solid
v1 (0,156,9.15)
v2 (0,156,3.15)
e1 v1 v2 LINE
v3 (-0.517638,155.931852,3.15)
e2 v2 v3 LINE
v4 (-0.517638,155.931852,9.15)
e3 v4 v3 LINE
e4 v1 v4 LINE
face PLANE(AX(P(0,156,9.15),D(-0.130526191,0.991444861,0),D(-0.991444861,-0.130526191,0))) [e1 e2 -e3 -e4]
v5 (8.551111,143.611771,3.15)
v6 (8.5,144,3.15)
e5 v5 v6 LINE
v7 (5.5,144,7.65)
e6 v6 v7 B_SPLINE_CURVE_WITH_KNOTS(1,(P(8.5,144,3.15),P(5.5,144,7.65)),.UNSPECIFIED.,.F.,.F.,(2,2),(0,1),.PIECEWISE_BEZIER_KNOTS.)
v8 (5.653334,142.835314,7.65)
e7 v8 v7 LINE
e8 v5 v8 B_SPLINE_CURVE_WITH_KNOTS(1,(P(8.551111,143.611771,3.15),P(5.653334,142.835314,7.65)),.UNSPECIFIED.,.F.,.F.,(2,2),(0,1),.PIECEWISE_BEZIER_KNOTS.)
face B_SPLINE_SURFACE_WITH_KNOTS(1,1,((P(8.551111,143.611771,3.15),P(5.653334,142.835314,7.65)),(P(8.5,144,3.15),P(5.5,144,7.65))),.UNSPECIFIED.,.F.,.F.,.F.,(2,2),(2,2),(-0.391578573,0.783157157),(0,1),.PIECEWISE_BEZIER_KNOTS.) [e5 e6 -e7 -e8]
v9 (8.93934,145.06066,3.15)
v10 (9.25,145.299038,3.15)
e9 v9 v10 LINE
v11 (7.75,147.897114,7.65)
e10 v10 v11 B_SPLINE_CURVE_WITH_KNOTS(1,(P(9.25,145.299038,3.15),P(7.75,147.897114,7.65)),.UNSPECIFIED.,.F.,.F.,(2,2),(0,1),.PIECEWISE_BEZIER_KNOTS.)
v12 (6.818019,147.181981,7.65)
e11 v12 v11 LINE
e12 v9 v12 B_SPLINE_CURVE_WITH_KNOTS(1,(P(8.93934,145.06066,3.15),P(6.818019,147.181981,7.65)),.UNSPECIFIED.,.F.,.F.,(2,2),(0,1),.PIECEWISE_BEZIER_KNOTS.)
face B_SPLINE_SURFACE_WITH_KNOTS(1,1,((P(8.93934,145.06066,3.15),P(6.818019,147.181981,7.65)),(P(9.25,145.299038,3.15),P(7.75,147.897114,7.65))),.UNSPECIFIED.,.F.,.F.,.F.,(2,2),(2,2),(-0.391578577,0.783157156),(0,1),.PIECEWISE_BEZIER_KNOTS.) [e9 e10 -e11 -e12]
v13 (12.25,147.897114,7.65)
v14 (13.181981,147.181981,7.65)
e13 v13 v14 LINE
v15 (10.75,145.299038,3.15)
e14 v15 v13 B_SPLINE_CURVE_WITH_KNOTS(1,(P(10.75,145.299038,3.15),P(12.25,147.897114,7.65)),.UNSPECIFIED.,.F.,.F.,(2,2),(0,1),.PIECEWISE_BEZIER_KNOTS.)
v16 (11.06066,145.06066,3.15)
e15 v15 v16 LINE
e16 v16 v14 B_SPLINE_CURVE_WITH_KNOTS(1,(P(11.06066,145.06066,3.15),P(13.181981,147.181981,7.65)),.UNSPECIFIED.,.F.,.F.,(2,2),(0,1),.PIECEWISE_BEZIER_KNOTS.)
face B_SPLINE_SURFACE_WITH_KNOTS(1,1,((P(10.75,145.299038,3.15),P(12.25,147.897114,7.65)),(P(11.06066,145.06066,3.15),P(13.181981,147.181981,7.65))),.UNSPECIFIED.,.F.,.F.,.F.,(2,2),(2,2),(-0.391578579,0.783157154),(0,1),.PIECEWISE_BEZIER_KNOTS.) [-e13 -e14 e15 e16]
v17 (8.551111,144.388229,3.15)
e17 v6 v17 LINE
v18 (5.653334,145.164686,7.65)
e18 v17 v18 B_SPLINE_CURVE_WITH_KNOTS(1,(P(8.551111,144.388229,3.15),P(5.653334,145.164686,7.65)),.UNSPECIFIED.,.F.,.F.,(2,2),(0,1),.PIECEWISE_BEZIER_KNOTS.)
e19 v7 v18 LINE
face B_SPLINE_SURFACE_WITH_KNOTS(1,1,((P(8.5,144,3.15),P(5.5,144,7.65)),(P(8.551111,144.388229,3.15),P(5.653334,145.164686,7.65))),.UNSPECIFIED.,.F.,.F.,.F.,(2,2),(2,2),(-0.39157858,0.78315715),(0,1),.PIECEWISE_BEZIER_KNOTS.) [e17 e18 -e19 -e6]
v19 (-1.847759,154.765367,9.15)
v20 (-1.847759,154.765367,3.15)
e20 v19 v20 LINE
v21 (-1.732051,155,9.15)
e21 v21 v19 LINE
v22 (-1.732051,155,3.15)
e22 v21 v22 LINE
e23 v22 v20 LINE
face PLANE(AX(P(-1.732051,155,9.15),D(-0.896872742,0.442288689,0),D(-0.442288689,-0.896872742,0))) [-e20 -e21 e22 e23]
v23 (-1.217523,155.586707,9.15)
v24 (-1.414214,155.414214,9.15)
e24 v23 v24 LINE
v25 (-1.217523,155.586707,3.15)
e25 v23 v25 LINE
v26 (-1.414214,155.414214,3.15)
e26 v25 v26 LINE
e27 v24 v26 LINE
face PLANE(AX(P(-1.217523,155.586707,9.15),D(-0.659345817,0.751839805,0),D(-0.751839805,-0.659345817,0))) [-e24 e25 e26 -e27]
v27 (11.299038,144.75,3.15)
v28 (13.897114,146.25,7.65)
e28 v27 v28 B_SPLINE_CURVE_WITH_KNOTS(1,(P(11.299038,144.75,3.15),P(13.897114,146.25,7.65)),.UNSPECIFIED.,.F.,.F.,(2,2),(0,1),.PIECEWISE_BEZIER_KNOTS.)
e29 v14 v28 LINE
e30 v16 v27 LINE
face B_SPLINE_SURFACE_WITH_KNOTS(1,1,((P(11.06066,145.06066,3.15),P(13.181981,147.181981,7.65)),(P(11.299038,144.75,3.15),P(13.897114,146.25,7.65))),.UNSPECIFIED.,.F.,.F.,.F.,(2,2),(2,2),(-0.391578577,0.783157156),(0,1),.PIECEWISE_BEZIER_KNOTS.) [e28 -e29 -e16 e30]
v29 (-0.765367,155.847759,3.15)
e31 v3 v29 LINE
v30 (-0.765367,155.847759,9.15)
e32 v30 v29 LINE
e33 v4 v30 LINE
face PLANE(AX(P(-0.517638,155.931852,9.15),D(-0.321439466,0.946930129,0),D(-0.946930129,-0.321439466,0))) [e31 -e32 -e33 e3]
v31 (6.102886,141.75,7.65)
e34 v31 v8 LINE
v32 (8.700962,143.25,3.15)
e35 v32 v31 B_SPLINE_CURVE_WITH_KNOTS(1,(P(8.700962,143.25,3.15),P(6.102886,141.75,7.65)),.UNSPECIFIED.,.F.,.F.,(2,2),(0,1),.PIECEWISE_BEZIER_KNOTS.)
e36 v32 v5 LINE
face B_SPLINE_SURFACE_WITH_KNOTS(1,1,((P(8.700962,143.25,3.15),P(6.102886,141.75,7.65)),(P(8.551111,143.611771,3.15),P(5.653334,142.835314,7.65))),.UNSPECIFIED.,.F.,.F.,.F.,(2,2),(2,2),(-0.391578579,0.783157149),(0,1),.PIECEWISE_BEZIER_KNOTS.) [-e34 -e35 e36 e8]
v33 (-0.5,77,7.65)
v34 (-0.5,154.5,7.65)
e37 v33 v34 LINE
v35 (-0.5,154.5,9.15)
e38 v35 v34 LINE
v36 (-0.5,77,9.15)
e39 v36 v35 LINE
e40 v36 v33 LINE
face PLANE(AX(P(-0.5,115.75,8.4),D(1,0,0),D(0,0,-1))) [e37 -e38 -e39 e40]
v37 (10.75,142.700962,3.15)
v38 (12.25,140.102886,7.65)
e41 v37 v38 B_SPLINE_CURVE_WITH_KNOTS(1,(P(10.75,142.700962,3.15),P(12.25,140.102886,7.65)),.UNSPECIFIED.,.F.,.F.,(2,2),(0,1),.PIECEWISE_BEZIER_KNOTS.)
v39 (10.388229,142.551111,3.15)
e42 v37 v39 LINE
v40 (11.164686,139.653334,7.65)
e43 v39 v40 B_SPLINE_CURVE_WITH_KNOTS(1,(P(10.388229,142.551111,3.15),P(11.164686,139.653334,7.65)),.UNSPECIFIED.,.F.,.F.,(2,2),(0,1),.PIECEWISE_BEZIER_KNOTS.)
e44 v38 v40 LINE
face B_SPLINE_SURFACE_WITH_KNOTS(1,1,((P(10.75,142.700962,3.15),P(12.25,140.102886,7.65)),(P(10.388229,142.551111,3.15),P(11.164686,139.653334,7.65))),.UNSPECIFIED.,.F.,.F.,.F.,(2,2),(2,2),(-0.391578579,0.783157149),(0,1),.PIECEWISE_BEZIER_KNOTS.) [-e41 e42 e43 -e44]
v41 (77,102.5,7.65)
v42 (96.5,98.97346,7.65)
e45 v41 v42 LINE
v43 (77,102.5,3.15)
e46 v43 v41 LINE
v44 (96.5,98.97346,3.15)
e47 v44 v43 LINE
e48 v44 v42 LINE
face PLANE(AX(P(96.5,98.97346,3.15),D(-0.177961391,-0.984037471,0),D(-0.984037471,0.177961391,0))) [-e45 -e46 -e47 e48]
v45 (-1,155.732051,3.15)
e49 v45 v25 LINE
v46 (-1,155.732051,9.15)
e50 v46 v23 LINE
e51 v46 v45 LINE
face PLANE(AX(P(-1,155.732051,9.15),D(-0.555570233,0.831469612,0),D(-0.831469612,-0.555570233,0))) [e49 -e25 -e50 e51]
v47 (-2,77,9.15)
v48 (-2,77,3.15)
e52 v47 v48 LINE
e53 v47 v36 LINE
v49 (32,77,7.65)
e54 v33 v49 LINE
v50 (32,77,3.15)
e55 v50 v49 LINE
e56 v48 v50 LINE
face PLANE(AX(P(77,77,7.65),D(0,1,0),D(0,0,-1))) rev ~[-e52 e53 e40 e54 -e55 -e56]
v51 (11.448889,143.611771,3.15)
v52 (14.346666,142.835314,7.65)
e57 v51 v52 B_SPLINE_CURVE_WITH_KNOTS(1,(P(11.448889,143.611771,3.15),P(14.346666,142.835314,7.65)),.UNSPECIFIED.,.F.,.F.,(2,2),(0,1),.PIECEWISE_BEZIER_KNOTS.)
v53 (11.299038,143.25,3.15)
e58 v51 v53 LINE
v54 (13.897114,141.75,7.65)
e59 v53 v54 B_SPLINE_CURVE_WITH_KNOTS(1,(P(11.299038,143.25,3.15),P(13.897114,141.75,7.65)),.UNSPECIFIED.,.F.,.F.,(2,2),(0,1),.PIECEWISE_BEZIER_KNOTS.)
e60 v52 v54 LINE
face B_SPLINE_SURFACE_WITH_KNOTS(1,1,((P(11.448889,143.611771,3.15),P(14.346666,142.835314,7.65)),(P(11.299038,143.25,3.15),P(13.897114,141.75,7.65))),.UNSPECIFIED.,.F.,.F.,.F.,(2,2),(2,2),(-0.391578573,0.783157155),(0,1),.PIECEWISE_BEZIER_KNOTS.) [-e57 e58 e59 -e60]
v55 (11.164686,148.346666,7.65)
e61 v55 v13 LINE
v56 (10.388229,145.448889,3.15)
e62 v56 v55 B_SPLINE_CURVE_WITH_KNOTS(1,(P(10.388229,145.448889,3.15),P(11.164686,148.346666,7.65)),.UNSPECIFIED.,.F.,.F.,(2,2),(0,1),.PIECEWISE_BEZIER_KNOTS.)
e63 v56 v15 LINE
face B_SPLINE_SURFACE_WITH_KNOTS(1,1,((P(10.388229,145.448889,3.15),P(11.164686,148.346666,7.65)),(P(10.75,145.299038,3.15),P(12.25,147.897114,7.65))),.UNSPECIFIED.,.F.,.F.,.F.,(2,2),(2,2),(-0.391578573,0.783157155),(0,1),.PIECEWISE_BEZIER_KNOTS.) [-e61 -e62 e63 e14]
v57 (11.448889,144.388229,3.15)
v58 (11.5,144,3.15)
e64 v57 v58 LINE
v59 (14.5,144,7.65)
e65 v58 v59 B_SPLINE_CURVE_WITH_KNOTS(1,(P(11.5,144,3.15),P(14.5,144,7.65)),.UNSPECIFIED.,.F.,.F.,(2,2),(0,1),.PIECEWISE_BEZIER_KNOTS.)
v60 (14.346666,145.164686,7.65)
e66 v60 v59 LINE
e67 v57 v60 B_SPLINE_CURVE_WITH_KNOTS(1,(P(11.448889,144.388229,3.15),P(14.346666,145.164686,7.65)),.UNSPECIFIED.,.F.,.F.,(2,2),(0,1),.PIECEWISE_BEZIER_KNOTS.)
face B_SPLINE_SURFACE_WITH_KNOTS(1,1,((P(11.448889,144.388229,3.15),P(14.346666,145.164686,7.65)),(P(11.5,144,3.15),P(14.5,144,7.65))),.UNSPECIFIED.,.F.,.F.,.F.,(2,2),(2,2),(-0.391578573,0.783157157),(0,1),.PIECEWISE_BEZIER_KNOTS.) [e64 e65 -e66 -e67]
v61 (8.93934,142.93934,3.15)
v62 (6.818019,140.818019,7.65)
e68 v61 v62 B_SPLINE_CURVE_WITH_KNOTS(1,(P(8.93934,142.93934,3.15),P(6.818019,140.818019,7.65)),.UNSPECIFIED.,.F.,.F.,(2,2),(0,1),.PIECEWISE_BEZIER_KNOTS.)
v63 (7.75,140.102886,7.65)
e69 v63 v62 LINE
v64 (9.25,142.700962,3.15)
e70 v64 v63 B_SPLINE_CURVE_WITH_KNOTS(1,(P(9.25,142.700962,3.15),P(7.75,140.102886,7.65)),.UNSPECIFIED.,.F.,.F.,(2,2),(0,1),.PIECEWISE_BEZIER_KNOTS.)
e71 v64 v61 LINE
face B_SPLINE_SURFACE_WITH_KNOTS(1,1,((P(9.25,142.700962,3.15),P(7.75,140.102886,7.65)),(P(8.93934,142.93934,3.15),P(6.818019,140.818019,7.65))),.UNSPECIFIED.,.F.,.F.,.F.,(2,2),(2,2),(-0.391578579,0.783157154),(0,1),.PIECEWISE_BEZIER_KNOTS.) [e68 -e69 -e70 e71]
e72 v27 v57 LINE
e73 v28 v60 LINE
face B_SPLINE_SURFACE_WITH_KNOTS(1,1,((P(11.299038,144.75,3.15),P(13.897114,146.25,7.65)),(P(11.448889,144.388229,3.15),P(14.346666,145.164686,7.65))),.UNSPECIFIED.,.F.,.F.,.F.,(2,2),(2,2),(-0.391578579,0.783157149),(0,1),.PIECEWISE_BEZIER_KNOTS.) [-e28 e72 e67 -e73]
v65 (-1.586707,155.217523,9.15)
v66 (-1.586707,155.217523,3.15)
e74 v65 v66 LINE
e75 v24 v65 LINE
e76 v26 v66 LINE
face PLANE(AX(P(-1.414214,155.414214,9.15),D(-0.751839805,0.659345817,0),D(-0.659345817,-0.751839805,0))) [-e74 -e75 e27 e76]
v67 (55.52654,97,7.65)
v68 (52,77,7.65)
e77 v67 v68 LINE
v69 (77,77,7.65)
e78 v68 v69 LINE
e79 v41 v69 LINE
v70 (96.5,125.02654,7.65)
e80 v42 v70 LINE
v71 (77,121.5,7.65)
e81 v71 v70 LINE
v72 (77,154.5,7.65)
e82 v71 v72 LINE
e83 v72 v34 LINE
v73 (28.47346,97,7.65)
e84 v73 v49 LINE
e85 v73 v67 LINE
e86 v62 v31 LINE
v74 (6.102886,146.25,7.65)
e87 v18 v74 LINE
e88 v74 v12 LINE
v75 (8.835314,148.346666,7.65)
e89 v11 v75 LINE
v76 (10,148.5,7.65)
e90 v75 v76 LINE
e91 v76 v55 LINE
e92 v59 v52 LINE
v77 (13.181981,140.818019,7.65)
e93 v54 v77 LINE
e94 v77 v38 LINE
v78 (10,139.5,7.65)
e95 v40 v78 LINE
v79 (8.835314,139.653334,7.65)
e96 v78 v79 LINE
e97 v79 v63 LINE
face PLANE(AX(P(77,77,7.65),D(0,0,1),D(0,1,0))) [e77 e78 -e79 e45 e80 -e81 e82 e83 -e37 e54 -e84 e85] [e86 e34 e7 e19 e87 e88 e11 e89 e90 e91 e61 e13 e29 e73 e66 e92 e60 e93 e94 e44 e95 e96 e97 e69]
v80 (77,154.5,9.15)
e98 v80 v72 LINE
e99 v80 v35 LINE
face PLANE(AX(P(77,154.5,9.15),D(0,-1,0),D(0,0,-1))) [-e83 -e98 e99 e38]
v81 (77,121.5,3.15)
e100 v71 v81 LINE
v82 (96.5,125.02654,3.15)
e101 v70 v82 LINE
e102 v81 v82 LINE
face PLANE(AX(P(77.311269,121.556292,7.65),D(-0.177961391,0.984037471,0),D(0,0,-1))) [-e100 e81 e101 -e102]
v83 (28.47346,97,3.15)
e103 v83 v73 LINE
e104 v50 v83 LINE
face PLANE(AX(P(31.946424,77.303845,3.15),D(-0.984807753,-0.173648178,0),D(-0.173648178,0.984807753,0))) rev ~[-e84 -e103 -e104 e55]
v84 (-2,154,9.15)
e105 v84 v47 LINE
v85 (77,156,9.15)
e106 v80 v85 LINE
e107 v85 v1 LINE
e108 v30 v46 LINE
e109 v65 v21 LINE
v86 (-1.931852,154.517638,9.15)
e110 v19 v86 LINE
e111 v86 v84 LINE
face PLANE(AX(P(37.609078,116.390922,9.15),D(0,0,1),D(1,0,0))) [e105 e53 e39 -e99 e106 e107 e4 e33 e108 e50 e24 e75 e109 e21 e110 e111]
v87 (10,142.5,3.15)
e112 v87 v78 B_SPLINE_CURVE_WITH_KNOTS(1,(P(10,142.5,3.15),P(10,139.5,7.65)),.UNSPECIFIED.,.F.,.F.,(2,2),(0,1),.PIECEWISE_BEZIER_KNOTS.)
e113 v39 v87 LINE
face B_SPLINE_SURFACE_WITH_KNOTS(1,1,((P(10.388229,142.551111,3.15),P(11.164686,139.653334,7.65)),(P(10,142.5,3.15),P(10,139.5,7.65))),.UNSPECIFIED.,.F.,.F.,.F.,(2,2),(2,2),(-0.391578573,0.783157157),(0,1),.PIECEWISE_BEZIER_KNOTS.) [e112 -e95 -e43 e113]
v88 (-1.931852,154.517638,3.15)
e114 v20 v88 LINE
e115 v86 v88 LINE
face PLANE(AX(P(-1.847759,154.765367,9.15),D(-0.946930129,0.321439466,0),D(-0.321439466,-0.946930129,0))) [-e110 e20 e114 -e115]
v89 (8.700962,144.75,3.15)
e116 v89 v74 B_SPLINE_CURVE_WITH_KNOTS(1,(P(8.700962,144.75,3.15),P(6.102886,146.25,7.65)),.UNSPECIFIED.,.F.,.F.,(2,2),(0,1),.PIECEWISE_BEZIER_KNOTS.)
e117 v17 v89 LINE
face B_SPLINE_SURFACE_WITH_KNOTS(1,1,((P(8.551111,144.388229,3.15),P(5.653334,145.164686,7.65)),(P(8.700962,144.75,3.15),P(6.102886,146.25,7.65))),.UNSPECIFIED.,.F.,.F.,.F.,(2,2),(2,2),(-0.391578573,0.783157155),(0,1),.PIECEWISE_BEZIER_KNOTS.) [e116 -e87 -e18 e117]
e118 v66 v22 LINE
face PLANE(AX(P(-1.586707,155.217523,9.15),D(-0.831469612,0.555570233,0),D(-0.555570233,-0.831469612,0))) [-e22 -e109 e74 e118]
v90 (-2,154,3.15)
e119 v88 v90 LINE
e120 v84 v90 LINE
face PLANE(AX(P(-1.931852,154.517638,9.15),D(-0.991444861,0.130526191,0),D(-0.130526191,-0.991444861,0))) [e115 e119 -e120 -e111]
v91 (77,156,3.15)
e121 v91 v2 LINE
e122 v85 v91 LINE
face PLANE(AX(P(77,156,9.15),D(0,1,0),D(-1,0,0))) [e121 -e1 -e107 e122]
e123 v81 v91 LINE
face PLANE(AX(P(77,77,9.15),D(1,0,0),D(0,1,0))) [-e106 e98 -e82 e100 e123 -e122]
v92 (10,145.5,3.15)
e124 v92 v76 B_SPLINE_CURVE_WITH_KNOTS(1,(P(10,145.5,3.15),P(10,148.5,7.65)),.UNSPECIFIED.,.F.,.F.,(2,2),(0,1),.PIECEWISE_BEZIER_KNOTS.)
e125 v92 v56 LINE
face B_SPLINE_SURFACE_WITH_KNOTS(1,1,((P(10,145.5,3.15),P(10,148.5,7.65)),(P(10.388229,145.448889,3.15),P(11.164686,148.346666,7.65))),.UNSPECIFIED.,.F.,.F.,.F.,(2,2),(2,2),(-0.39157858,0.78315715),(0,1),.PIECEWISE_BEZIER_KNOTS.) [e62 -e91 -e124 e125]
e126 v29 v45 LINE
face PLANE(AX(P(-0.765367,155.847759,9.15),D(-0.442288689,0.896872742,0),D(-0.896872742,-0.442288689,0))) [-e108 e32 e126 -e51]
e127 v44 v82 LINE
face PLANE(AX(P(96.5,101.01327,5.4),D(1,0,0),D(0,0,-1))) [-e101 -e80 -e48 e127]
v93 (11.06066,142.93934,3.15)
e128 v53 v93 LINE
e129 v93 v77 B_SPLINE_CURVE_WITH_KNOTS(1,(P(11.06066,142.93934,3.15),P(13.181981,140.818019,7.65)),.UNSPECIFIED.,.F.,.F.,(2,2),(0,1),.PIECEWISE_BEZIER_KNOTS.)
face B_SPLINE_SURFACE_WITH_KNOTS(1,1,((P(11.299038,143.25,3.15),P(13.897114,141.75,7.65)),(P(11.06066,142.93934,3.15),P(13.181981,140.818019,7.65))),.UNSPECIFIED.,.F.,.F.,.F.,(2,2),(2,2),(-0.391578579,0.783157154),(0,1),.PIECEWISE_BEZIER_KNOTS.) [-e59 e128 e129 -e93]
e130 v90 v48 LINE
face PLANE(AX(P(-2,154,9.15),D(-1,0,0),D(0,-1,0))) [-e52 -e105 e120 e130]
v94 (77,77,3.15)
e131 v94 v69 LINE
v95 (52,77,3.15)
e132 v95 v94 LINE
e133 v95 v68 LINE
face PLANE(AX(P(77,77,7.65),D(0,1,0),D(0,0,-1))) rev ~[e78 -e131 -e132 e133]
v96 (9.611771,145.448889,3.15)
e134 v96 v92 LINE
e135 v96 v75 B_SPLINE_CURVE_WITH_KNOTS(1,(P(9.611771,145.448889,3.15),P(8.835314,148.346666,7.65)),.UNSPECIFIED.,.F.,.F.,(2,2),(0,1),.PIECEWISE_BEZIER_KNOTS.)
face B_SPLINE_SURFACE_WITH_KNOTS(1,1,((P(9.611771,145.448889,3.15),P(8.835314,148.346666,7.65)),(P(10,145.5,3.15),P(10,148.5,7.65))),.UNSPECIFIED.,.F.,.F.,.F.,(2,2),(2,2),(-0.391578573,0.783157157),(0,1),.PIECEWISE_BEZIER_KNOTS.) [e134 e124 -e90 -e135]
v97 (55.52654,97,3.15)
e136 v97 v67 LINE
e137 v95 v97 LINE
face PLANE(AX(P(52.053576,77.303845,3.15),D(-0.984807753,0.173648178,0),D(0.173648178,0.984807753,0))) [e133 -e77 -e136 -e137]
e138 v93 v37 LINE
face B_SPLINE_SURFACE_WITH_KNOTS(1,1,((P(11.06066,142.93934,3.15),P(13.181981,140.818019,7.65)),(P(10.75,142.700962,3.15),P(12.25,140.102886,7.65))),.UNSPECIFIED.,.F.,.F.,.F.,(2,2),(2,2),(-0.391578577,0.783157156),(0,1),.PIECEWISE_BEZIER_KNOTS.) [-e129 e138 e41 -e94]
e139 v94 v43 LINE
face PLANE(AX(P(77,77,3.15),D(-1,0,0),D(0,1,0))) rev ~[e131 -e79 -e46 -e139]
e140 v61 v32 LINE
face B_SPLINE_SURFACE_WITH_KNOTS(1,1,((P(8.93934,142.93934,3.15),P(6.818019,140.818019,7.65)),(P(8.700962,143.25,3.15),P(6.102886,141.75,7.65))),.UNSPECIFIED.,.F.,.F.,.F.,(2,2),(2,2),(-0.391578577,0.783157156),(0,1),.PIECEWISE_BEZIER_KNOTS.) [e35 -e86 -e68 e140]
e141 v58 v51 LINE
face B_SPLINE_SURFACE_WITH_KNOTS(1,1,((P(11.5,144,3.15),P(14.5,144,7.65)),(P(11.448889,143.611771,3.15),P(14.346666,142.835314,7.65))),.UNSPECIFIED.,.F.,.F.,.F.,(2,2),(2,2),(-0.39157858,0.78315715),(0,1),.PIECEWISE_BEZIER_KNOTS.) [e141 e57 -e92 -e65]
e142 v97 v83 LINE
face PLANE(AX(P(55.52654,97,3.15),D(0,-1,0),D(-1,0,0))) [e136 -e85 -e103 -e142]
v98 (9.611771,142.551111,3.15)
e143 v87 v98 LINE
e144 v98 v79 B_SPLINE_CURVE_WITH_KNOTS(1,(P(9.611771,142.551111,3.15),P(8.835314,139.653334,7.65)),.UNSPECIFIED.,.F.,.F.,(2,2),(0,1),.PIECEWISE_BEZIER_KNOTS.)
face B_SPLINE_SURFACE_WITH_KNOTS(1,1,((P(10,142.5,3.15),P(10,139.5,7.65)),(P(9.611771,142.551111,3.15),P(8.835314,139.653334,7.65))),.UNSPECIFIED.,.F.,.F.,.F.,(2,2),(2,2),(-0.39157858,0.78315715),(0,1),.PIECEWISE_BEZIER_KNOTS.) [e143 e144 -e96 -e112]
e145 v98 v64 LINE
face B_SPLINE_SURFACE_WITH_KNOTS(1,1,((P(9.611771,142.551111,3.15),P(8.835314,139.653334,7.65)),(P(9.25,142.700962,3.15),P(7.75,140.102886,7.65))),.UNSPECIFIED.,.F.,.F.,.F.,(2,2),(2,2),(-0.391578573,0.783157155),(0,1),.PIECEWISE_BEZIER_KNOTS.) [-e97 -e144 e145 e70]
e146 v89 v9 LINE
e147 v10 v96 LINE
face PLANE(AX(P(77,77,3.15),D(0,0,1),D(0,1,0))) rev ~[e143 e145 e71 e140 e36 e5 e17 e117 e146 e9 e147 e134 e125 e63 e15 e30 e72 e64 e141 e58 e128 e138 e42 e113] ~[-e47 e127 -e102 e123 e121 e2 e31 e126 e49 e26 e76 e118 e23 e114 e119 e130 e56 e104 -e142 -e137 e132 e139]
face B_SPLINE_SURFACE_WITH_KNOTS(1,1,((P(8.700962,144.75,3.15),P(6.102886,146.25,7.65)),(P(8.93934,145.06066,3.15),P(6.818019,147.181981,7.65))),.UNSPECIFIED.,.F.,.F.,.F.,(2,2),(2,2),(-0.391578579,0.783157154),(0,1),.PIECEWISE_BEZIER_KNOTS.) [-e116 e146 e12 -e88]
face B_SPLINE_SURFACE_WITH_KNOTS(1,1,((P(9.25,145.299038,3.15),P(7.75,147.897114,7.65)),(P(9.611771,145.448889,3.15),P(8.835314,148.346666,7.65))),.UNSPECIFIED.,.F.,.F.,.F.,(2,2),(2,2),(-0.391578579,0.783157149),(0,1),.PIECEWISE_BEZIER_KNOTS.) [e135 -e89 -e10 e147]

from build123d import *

# Parameters (mm, degrees)
BOSS_EXTRUDE1_DEPTH = 6
SKETCH2_W           = 4.5
SKETCH2_H           = 48.026539614
BOSS_EXTRUDE2_DEPTH = 19.5
SKETCH3_W           = 1.5
SKETCH3_H           = 77.5
CUT_EXTRUDE1_DEPTH  = 77.5
SKETCH4_W           = 27.053079228
SKETCH4_H           = 20
CUT_EXTRUDE2_DEPTH  = 184.532694635
SKETCH5_W           = 19.5
SKETCH5_H           = 21.973460386
CUT_EXTRUDE3_DEPTH  = 184.532694635
CUT_EXTRUDE4_DEPTH  = 4.5
CUT_EXTRUDE4_TAPER  = -33.463237765
DRAFT1_ANGLE        = -10
DRAFT2_ANGLE        = -10.251039049


with BuildPart() as part:
    # Sketch1 → Boss-Extrude1 (new body)
    with BuildSketch(Plane.XY.offset(9.15)):
        Polygon((-2, 77), (77, 77), (77, 156), (0, 156), (-0.51763809, 155.931851653), (-0.765366865, 155.847759065), (-1, 155.732050808), (-1.217522858, 155.586706681), (-1.414213562, 155.414213562), (-1.586706681, 155.217522858), (-1.732050808, 155), (-1.847759065, 154.765366865), (-1.931851653, 154.51763809), (-2, 154), align=None)
    extrude(amount=-BOSS_EXTRUDE1_DEPTH)

    # Sketch2 → Boss-Extrude2 (add)
    with BuildSketch(Plane(origin=(77, 0, 0), x_dir=(0, 0, -1), z_dir=(1, 0, 0))):
        with Locations((-5.4, 101.013269807)):
            Rectangle(SKETCH2_W, SKETCH2_H)
    extrude(amount=BOSS_EXTRUDE2_DEPTH)

    # Sketch3 → Cut-Extrude1 (cut)
    with BuildSketch(Plane(origin=(77, 0, 0), x_dir=(0, 0, -1), z_dir=(1, 0, 0))):
        with Locations((-8.4, 115.75)):
            Rectangle(SKETCH3_W, SKETCH3_H)
    extrude(amount=-CUT_EXTRUDE1_DEPTH, mode=Mode.SUBTRACT)

    # Sketch4 → Cut-Extrude2 (cut, through all)
    with BuildSketch(Plane(origin=(0, 0, 3.15), x_dir=(-1, 0, 0), z_dir=(0, 0, -1))):
        with Locations((-42, 87)):
            Rectangle(SKETCH4_W, SKETCH4_H)
    extrude(amount=-CUT_EXTRUDE2_DEPTH, mode=Mode.SUBTRACT)

    # Sketch5 → Cut-Extrude3 (cut, through all)
    with BuildSketch(Plane(origin=(0, 0, 3.15), x_dir=(-1, 0, 0), z_dir=(0, 0, -1))):
        with Locations((-86.75, 87.986730193)):
            Rectangle(SKETCH5_W, SKETCH5_H)
    extrude(amount=-CUT_EXTRUDE3_DEPTH, mode=Mode.SUBTRACT)

    # Sketch6 → Cut-Extrude4 (cut)
    with BuildSketch(Plane(origin=(0, 0, 3.15), x_dir=(-1, 0, 0), z_dir=(0, 0, -1))):
        Polygon((-11.060660172, 142.939339828), (-10.75, 142.700961894), (-10.388228568, 142.551111261), (-10, 142.5), (-9.611771432, 142.551111261), (-9.25, 142.700961894), (-8.939339828, 142.939339828), (-8.700961894, 143.25), (-8.551111261, 143.611771432), (-8.5, 144), (-8.551111261, 144.388228568), (-8.700961894, 144.75), (-8.939339828, 145.060660172), (-9.25, 145.299038106), (-9.611771432, 145.448888739), (-10, 145.5), (-10.388228568, 145.448888739), (-10.75, 145.299038106), (-11.060660172, 145.060660172), (-11.299038106, 144.75), (-11.448888739, 144.388228568), (-11.5, 144), (-11.448888739, 143.611771432), (-11.299038106, 143.25), align=None)
    extrude(amount=-CUT_EXTRUDE4_DEPTH, taper=CUT_EXTRUDE4_TAPER, mode=Mode.SUBTRACT)

    # Draft1
    draft1_faces = [part.faces().sort_by_distance(p)[0] for p in [
        (55.526539614, 87, 5.4),
        (28.473460386, 87, 5.4),
    ]]
    draft(draft1_faces, Plane(origin=(28.473460386, 97, 9.15), x_dir=(-1, 0, 0), z_dir=(0, -1, 0)), DRAFT1_ANGLE)

    # Draft2
    draft2_faces = [part.faces().sort_by_distance(p)[0] for p in [
        (86.75, 98.973460386, 5.4),
        (86.75, 125.026539614, 5.4),
    ]]
    draft(draft2_faces, Plane.YZ.offset(96.5), DRAFT2_ANGLE)


solid = part.part
